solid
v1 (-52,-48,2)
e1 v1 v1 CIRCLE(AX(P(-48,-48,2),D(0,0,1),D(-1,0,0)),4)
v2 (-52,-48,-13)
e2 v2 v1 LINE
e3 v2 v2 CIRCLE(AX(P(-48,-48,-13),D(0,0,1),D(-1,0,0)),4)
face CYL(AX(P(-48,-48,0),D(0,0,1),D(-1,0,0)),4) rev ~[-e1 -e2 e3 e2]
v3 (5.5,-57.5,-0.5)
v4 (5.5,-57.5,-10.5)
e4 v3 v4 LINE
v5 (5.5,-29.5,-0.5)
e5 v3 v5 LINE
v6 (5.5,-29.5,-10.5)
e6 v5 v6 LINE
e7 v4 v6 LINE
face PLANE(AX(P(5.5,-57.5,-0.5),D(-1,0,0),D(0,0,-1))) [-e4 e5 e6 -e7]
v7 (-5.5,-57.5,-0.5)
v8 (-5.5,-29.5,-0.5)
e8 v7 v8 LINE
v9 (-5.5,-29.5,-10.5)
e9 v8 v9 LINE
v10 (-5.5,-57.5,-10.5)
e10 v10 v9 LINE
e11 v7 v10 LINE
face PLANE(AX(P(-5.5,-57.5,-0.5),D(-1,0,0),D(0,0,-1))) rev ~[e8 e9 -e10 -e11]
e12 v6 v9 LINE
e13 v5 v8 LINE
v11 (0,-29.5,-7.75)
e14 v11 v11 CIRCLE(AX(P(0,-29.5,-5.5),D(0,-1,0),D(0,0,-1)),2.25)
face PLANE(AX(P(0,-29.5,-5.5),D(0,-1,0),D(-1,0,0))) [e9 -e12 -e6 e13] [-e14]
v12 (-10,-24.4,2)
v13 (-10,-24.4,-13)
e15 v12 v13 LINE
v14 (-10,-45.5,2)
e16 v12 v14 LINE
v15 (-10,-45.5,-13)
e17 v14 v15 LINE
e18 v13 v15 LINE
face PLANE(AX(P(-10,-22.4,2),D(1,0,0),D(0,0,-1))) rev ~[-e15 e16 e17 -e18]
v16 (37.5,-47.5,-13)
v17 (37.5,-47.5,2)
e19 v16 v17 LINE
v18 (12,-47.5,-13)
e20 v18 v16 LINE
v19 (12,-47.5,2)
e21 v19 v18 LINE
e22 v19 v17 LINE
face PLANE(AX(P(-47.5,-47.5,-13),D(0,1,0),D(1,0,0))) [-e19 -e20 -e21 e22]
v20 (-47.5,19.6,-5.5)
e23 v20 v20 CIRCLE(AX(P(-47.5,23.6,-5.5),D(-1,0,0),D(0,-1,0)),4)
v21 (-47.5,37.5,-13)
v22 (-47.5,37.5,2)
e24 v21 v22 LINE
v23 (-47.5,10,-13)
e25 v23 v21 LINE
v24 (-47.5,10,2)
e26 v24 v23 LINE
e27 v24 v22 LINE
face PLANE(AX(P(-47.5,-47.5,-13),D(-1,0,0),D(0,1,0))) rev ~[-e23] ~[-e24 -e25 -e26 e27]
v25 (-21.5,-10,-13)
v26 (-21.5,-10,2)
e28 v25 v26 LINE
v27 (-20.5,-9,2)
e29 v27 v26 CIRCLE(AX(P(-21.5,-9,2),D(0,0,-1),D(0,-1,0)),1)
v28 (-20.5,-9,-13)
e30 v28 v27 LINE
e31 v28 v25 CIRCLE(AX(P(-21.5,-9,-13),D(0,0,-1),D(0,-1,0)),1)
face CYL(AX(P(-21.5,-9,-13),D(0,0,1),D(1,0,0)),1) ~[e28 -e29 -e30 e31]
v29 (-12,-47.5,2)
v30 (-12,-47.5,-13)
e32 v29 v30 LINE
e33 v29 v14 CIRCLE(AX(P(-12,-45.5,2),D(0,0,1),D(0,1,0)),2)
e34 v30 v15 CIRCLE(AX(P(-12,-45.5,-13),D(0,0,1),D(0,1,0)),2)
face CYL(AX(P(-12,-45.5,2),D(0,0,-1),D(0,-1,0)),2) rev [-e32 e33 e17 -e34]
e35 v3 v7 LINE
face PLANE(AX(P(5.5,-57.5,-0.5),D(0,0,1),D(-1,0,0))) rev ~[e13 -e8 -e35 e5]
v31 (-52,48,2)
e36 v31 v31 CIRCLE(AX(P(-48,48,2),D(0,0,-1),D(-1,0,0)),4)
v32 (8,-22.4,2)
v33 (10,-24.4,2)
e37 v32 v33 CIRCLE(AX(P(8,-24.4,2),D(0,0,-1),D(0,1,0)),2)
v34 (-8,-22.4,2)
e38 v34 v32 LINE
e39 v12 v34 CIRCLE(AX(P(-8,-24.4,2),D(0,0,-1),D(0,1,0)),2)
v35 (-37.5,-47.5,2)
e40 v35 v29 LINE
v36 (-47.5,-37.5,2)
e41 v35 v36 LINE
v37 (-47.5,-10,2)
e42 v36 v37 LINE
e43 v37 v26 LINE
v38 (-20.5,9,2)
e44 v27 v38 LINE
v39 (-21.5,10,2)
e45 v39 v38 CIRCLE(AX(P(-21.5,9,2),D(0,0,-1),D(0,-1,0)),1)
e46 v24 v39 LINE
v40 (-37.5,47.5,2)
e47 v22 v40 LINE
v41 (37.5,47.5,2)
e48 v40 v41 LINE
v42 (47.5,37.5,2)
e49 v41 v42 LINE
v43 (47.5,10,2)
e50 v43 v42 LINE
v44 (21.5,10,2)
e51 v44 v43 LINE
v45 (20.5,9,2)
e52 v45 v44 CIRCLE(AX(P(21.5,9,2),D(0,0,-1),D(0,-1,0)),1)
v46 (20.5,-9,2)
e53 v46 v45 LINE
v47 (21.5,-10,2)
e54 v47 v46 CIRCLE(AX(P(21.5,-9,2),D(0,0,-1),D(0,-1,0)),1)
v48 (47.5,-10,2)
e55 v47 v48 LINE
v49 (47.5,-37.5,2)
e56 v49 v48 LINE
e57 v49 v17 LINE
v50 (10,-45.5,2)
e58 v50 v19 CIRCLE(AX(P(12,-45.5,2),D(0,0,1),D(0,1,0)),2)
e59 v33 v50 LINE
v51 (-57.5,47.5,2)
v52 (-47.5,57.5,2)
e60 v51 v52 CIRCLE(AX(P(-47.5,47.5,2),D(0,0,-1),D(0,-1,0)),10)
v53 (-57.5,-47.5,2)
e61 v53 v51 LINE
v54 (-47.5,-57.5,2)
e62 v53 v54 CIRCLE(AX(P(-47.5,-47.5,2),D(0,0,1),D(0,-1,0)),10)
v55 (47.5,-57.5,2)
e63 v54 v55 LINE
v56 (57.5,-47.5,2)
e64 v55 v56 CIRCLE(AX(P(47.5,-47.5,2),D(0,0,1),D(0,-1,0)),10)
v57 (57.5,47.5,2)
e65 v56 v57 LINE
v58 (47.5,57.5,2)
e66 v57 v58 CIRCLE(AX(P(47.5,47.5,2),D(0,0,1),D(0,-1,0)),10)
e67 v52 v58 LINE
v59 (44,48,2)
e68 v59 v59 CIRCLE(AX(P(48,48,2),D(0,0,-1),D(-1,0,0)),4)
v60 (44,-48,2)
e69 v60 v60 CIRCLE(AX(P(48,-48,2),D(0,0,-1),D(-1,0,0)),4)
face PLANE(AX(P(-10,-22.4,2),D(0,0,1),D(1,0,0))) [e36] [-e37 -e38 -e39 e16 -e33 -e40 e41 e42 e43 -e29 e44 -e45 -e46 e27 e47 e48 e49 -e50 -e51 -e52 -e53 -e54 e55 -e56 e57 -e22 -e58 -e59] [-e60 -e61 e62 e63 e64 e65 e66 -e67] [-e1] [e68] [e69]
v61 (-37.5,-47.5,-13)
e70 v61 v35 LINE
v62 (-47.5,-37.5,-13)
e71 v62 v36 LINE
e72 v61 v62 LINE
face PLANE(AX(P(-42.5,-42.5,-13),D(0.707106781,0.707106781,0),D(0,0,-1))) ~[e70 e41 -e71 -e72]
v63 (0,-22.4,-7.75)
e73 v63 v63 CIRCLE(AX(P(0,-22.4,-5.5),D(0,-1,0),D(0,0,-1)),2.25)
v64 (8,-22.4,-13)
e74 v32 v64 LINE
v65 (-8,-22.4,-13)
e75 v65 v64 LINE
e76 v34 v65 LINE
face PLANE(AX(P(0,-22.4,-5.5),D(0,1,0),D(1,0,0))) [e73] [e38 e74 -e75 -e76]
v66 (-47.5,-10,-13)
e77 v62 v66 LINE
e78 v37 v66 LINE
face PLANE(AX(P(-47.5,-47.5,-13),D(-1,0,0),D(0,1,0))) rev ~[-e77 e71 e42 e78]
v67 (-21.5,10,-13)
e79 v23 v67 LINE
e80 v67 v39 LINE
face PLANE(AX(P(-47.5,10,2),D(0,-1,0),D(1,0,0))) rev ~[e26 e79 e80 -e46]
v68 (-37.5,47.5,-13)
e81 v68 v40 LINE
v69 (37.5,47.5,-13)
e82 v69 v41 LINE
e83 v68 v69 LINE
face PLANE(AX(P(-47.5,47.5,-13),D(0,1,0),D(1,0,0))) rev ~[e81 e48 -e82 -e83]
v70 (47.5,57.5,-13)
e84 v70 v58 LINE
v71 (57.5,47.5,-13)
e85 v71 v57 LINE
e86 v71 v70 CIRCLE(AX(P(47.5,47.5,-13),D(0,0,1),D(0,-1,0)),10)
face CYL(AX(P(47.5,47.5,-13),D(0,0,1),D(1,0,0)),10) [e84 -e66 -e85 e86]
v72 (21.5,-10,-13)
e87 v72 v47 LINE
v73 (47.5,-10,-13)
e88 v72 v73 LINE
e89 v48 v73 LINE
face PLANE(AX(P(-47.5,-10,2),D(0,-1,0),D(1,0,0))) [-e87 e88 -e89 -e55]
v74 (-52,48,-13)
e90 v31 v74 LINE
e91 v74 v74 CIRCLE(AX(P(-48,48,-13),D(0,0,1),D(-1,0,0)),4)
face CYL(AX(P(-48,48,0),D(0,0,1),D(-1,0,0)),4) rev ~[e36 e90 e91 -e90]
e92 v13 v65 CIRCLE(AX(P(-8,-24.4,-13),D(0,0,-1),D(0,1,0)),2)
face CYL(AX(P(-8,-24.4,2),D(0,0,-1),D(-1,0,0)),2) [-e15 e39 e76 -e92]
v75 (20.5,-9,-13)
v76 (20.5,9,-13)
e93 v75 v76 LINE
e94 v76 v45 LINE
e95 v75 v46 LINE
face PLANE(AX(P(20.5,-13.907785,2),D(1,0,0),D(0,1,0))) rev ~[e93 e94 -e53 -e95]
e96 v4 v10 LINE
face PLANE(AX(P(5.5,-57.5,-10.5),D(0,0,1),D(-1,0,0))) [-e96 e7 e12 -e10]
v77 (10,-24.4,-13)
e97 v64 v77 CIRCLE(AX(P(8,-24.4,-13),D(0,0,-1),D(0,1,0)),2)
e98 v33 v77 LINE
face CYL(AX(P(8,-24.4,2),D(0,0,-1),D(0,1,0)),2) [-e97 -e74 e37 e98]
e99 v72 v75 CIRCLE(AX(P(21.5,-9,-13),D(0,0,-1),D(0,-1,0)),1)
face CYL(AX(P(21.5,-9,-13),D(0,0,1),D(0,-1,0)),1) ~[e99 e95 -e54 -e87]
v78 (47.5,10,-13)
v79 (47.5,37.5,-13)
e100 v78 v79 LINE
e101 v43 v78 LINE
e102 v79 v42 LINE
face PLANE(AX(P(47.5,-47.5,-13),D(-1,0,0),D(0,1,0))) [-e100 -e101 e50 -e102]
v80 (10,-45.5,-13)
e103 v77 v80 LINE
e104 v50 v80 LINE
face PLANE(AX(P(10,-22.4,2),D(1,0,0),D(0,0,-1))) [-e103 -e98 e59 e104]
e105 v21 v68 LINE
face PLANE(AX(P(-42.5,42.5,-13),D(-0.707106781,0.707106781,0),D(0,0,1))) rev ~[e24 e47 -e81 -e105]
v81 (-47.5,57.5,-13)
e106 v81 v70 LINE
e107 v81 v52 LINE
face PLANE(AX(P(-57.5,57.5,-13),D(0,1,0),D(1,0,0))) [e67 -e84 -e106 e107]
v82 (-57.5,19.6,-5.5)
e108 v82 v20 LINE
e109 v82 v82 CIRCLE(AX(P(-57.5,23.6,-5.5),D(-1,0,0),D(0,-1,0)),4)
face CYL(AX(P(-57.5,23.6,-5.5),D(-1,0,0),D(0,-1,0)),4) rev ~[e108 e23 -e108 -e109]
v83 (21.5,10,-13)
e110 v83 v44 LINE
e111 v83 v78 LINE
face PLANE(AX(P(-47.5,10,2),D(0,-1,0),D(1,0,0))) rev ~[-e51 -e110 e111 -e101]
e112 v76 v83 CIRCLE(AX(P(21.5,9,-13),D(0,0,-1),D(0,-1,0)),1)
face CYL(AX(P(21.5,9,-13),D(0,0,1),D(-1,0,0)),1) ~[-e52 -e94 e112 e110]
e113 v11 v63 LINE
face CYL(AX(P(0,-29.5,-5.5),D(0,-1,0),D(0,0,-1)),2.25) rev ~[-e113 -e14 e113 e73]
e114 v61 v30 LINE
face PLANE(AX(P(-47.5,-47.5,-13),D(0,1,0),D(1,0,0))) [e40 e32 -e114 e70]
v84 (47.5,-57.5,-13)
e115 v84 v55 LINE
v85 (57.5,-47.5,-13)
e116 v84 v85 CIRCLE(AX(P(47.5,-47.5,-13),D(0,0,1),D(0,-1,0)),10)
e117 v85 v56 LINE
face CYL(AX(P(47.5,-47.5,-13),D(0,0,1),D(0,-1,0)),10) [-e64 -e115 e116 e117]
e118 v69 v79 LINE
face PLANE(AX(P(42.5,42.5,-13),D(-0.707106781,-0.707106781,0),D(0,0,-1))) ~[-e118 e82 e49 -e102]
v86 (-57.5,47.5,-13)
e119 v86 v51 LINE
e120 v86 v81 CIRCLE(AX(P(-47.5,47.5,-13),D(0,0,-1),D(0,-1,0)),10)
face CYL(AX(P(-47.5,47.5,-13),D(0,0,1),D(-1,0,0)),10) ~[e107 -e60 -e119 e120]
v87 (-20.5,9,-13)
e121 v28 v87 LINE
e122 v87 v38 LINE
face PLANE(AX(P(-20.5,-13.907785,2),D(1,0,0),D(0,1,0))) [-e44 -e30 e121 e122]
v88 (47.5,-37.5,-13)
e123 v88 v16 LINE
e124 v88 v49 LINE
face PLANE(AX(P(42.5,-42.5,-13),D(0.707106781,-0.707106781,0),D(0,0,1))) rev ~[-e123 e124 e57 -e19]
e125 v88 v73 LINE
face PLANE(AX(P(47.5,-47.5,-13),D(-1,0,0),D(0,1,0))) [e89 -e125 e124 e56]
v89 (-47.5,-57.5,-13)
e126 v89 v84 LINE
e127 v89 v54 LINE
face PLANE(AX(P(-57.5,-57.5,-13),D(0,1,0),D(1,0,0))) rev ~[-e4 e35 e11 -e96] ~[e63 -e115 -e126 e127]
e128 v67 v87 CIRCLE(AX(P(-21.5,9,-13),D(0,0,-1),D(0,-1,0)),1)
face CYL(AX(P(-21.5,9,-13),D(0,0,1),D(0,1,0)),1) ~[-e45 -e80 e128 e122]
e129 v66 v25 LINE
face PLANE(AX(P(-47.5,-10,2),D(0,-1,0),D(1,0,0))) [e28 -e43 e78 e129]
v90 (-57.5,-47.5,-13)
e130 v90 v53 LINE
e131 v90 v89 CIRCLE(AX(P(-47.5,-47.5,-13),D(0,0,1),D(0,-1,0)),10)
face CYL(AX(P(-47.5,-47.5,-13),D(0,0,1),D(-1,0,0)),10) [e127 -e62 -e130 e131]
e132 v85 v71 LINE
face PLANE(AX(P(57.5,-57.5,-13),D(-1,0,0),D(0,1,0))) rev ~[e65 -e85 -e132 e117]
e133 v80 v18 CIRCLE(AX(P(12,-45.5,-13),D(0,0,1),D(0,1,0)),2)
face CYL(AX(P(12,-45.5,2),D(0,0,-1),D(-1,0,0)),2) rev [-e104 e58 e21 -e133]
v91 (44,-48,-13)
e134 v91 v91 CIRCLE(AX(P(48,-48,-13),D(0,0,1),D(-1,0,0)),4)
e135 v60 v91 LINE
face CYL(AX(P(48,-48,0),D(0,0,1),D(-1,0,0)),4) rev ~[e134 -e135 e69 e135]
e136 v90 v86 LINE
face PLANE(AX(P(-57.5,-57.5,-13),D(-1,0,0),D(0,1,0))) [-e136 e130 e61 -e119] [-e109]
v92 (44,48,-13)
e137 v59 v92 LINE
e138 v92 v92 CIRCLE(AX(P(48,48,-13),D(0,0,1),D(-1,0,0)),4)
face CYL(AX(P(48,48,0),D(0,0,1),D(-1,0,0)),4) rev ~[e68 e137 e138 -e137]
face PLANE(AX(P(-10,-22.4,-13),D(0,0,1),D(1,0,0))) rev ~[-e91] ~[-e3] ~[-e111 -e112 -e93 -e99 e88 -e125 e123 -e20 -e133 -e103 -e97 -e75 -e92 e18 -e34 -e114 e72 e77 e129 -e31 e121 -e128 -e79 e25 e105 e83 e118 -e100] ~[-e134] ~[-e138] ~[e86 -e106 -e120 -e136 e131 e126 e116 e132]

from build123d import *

# Parameters (mm, degrees)
SKETCH1_W           = 115
SKETCH1_H           = 115
SKETCH1_W_2         = 95
SKETCH1_H_2         = 95
BOSS_EXTRUDE1_DEPTH = 15
SKETCH10_W          = 20
SKETCH10_H          = 15
BOSS_EXTRUDE4_DEPTH = 27
SKETCH3_W           = 11
SKETCH3_H           = 10
CUT_EXTRUDE1_DEPTH  = 28
FILLET1_R           = 10
CHAMFER1_SIZE       = 10
SKETCH4_R           = 4
CUT_EXTRUDE3_DEPTH  = 57.5
SKETCH9_R           = 4
CUT_EXTRUDE7_DEPTH  = 30
FILLET6_R           = 2
SKETCH11_R          = 2.25
CUT_EXTRUDE8_DEPTH  = 30
SKETCH12_W          = 95
SKETCH12_H          = 20
BOSS_EXTRUDE5_DEPTH = 15
SKETCH13_W          = 41
SKETCH13_H          = 27.815570672
CUT_EXTRUDE9_DEPTH  = 20
FILLET7_R           = 1


with BuildPart() as part:
    # Sketch1 → Boss-Extrude1 (new body)
    with BuildSketch(Plane.XY.offset(-13)):
        Rectangle(SKETCH1_W, SKETCH1_H)
        Rectangle(SKETCH1_W_2, SKETCH1_H_2, mode=Mode.SUBTRACT)
    extrude(amount=BOSS_EXTRUDE1_DEPTH)

    # Sketch10 → Boss-Extrude4 (add)
    with BuildSketch(Plane(origin=(0, -22.4, 0), x_dir=(1, 0, 0), z_dir=(0, 1, 0))):
        with Locations((0, 5.5)):
            Rectangle(SKETCH10_W, SKETCH10_H)
    extrude(amount=-BOSS_EXTRUDE4_DEPTH)

    # Sketch3 → Cut-Extrude1 (cut)
    with BuildSketch(Plane(origin=(0, -57.5, 0), x_dir=(-1, 0, 0), z_dir=(0, -1, 0))):
        with Locations((0, 5.5)):
            Rectangle(SKETCH3_W, SKETCH3_H)
    extrude(amount=-CUT_EXTRUDE1_DEPTH, mode=Mode.SUBTRACT)

    # Fillet1
    fillet1_edges = [part.edges().sort_by_distance(p)[0] for p in [
        (-57.5, 57.5, -5.5),
        (57.5, 57.5, -5.5),
        (57.5, -57.5, -5.5),
        (-57.5, -57.5, -5.5),
    ]]
    fillet(fillet1_edges, radius=FILLET1_R)

    # Chamfer1
    chamfer1_edges = [part.edges().sort_by_distance(p)[0] for p in [
        (-47.5, 47.5, -5.5),
        (-47.5, -47.5, -5.5),
        (47.5, -47.5, -5.5),
        (47.5, 47.5, -5.5),
    ]]
    chamfer(chamfer1_edges, length=CHAMFER1_SIZE)

    # Sketch4 → Cut-Extrude3 (cut, symmetric)
    with BuildSketch(Plane.XY):
        with Locations(Location((-48, 48, 0), (0, 0, 180))):
            Circle(SKETCH4_R)
        with Locations(Location((48, 48, 0), (0, 0, 180))):
            Circle(SKETCH4_R)
        with Locations(Location((48, -48, 0), (0, 0, 180))):
            Circle(SKETCH4_R)
        with Locations(Location((-48, -48, 0), (0, 0, 180))):
            Circle(SKETCH4_R)
    extrude(amount=CUT_EXTRUDE3_DEPTH, both=True, mode=Mode.SUBTRACT)

    # Sketch9 → Cut-Extrude7 (cut)
    with BuildSketch(Plane.ZY.offset(57.5)):
        with Locations(Location((-5.5, 23.6, 0), (0, 0, 270))):
            Circle(SKETCH9_R)
    extrude(amount=-CUT_EXTRUDE7_DEPTH, mode=Mode.SUBTRACT)

    # Fillet6
    fillet6_edges = [part.edges().sort_by_distance(p)[0] for p in [
        (10, -47.5, -5.5),
        (-10, -47.5, -5.5),
        (-10, -22.4, -5.5),
        (10, -22.4, -5.5),
    ]]
    fillet(fillet6_edges, radius=FILLET6_R)

    # Sketch11 → Cut-Extrude8 (cut)
    with BuildSketch(Plane(origin=(0, -29.5, 0), x_dir=(-1, 0, 0), z_dir=(0, -1, 0))):
        with Locations(Location((0, 5.5, 0), (0, 0, 90))):
            Circle(SKETCH11_R)
    extrude(amount=-CUT_EXTRUDE8_DEPTH, mode=Mode.SUBTRACT)

    # Sketch12 → Boss-Extrude5 (add)
    with BuildSketch(Plane.XY.offset(2)):
        Rectangle(SKETCH12_W, SKETCH12_H)
    extrude(amount=-BOSS_EXTRUDE5_DEPTH)

    # Sketch13 → Cut-Extrude9 (cut)
    with BuildSketch(Plane.XY.offset(2)):
        Rectangle(SKETCH13_W, SKETCH13_H)
    extrude(amount=-CUT_EXTRUDE9_DEPTH, mode=Mode.SUBTRACT)

    # Fillet7
    fillet7_edges = [part.edges().sort_by_distance(p)[0] for p in [
        (-20.5, -10, -5.5),
        (20.5, -10, -5.5),
        (20.5, 10, -5.5),
        (-20.5, 10, -5.5),
    ]]
    fillet(fillet7_edges, radius=FILLET7_R)


solid = part.part
